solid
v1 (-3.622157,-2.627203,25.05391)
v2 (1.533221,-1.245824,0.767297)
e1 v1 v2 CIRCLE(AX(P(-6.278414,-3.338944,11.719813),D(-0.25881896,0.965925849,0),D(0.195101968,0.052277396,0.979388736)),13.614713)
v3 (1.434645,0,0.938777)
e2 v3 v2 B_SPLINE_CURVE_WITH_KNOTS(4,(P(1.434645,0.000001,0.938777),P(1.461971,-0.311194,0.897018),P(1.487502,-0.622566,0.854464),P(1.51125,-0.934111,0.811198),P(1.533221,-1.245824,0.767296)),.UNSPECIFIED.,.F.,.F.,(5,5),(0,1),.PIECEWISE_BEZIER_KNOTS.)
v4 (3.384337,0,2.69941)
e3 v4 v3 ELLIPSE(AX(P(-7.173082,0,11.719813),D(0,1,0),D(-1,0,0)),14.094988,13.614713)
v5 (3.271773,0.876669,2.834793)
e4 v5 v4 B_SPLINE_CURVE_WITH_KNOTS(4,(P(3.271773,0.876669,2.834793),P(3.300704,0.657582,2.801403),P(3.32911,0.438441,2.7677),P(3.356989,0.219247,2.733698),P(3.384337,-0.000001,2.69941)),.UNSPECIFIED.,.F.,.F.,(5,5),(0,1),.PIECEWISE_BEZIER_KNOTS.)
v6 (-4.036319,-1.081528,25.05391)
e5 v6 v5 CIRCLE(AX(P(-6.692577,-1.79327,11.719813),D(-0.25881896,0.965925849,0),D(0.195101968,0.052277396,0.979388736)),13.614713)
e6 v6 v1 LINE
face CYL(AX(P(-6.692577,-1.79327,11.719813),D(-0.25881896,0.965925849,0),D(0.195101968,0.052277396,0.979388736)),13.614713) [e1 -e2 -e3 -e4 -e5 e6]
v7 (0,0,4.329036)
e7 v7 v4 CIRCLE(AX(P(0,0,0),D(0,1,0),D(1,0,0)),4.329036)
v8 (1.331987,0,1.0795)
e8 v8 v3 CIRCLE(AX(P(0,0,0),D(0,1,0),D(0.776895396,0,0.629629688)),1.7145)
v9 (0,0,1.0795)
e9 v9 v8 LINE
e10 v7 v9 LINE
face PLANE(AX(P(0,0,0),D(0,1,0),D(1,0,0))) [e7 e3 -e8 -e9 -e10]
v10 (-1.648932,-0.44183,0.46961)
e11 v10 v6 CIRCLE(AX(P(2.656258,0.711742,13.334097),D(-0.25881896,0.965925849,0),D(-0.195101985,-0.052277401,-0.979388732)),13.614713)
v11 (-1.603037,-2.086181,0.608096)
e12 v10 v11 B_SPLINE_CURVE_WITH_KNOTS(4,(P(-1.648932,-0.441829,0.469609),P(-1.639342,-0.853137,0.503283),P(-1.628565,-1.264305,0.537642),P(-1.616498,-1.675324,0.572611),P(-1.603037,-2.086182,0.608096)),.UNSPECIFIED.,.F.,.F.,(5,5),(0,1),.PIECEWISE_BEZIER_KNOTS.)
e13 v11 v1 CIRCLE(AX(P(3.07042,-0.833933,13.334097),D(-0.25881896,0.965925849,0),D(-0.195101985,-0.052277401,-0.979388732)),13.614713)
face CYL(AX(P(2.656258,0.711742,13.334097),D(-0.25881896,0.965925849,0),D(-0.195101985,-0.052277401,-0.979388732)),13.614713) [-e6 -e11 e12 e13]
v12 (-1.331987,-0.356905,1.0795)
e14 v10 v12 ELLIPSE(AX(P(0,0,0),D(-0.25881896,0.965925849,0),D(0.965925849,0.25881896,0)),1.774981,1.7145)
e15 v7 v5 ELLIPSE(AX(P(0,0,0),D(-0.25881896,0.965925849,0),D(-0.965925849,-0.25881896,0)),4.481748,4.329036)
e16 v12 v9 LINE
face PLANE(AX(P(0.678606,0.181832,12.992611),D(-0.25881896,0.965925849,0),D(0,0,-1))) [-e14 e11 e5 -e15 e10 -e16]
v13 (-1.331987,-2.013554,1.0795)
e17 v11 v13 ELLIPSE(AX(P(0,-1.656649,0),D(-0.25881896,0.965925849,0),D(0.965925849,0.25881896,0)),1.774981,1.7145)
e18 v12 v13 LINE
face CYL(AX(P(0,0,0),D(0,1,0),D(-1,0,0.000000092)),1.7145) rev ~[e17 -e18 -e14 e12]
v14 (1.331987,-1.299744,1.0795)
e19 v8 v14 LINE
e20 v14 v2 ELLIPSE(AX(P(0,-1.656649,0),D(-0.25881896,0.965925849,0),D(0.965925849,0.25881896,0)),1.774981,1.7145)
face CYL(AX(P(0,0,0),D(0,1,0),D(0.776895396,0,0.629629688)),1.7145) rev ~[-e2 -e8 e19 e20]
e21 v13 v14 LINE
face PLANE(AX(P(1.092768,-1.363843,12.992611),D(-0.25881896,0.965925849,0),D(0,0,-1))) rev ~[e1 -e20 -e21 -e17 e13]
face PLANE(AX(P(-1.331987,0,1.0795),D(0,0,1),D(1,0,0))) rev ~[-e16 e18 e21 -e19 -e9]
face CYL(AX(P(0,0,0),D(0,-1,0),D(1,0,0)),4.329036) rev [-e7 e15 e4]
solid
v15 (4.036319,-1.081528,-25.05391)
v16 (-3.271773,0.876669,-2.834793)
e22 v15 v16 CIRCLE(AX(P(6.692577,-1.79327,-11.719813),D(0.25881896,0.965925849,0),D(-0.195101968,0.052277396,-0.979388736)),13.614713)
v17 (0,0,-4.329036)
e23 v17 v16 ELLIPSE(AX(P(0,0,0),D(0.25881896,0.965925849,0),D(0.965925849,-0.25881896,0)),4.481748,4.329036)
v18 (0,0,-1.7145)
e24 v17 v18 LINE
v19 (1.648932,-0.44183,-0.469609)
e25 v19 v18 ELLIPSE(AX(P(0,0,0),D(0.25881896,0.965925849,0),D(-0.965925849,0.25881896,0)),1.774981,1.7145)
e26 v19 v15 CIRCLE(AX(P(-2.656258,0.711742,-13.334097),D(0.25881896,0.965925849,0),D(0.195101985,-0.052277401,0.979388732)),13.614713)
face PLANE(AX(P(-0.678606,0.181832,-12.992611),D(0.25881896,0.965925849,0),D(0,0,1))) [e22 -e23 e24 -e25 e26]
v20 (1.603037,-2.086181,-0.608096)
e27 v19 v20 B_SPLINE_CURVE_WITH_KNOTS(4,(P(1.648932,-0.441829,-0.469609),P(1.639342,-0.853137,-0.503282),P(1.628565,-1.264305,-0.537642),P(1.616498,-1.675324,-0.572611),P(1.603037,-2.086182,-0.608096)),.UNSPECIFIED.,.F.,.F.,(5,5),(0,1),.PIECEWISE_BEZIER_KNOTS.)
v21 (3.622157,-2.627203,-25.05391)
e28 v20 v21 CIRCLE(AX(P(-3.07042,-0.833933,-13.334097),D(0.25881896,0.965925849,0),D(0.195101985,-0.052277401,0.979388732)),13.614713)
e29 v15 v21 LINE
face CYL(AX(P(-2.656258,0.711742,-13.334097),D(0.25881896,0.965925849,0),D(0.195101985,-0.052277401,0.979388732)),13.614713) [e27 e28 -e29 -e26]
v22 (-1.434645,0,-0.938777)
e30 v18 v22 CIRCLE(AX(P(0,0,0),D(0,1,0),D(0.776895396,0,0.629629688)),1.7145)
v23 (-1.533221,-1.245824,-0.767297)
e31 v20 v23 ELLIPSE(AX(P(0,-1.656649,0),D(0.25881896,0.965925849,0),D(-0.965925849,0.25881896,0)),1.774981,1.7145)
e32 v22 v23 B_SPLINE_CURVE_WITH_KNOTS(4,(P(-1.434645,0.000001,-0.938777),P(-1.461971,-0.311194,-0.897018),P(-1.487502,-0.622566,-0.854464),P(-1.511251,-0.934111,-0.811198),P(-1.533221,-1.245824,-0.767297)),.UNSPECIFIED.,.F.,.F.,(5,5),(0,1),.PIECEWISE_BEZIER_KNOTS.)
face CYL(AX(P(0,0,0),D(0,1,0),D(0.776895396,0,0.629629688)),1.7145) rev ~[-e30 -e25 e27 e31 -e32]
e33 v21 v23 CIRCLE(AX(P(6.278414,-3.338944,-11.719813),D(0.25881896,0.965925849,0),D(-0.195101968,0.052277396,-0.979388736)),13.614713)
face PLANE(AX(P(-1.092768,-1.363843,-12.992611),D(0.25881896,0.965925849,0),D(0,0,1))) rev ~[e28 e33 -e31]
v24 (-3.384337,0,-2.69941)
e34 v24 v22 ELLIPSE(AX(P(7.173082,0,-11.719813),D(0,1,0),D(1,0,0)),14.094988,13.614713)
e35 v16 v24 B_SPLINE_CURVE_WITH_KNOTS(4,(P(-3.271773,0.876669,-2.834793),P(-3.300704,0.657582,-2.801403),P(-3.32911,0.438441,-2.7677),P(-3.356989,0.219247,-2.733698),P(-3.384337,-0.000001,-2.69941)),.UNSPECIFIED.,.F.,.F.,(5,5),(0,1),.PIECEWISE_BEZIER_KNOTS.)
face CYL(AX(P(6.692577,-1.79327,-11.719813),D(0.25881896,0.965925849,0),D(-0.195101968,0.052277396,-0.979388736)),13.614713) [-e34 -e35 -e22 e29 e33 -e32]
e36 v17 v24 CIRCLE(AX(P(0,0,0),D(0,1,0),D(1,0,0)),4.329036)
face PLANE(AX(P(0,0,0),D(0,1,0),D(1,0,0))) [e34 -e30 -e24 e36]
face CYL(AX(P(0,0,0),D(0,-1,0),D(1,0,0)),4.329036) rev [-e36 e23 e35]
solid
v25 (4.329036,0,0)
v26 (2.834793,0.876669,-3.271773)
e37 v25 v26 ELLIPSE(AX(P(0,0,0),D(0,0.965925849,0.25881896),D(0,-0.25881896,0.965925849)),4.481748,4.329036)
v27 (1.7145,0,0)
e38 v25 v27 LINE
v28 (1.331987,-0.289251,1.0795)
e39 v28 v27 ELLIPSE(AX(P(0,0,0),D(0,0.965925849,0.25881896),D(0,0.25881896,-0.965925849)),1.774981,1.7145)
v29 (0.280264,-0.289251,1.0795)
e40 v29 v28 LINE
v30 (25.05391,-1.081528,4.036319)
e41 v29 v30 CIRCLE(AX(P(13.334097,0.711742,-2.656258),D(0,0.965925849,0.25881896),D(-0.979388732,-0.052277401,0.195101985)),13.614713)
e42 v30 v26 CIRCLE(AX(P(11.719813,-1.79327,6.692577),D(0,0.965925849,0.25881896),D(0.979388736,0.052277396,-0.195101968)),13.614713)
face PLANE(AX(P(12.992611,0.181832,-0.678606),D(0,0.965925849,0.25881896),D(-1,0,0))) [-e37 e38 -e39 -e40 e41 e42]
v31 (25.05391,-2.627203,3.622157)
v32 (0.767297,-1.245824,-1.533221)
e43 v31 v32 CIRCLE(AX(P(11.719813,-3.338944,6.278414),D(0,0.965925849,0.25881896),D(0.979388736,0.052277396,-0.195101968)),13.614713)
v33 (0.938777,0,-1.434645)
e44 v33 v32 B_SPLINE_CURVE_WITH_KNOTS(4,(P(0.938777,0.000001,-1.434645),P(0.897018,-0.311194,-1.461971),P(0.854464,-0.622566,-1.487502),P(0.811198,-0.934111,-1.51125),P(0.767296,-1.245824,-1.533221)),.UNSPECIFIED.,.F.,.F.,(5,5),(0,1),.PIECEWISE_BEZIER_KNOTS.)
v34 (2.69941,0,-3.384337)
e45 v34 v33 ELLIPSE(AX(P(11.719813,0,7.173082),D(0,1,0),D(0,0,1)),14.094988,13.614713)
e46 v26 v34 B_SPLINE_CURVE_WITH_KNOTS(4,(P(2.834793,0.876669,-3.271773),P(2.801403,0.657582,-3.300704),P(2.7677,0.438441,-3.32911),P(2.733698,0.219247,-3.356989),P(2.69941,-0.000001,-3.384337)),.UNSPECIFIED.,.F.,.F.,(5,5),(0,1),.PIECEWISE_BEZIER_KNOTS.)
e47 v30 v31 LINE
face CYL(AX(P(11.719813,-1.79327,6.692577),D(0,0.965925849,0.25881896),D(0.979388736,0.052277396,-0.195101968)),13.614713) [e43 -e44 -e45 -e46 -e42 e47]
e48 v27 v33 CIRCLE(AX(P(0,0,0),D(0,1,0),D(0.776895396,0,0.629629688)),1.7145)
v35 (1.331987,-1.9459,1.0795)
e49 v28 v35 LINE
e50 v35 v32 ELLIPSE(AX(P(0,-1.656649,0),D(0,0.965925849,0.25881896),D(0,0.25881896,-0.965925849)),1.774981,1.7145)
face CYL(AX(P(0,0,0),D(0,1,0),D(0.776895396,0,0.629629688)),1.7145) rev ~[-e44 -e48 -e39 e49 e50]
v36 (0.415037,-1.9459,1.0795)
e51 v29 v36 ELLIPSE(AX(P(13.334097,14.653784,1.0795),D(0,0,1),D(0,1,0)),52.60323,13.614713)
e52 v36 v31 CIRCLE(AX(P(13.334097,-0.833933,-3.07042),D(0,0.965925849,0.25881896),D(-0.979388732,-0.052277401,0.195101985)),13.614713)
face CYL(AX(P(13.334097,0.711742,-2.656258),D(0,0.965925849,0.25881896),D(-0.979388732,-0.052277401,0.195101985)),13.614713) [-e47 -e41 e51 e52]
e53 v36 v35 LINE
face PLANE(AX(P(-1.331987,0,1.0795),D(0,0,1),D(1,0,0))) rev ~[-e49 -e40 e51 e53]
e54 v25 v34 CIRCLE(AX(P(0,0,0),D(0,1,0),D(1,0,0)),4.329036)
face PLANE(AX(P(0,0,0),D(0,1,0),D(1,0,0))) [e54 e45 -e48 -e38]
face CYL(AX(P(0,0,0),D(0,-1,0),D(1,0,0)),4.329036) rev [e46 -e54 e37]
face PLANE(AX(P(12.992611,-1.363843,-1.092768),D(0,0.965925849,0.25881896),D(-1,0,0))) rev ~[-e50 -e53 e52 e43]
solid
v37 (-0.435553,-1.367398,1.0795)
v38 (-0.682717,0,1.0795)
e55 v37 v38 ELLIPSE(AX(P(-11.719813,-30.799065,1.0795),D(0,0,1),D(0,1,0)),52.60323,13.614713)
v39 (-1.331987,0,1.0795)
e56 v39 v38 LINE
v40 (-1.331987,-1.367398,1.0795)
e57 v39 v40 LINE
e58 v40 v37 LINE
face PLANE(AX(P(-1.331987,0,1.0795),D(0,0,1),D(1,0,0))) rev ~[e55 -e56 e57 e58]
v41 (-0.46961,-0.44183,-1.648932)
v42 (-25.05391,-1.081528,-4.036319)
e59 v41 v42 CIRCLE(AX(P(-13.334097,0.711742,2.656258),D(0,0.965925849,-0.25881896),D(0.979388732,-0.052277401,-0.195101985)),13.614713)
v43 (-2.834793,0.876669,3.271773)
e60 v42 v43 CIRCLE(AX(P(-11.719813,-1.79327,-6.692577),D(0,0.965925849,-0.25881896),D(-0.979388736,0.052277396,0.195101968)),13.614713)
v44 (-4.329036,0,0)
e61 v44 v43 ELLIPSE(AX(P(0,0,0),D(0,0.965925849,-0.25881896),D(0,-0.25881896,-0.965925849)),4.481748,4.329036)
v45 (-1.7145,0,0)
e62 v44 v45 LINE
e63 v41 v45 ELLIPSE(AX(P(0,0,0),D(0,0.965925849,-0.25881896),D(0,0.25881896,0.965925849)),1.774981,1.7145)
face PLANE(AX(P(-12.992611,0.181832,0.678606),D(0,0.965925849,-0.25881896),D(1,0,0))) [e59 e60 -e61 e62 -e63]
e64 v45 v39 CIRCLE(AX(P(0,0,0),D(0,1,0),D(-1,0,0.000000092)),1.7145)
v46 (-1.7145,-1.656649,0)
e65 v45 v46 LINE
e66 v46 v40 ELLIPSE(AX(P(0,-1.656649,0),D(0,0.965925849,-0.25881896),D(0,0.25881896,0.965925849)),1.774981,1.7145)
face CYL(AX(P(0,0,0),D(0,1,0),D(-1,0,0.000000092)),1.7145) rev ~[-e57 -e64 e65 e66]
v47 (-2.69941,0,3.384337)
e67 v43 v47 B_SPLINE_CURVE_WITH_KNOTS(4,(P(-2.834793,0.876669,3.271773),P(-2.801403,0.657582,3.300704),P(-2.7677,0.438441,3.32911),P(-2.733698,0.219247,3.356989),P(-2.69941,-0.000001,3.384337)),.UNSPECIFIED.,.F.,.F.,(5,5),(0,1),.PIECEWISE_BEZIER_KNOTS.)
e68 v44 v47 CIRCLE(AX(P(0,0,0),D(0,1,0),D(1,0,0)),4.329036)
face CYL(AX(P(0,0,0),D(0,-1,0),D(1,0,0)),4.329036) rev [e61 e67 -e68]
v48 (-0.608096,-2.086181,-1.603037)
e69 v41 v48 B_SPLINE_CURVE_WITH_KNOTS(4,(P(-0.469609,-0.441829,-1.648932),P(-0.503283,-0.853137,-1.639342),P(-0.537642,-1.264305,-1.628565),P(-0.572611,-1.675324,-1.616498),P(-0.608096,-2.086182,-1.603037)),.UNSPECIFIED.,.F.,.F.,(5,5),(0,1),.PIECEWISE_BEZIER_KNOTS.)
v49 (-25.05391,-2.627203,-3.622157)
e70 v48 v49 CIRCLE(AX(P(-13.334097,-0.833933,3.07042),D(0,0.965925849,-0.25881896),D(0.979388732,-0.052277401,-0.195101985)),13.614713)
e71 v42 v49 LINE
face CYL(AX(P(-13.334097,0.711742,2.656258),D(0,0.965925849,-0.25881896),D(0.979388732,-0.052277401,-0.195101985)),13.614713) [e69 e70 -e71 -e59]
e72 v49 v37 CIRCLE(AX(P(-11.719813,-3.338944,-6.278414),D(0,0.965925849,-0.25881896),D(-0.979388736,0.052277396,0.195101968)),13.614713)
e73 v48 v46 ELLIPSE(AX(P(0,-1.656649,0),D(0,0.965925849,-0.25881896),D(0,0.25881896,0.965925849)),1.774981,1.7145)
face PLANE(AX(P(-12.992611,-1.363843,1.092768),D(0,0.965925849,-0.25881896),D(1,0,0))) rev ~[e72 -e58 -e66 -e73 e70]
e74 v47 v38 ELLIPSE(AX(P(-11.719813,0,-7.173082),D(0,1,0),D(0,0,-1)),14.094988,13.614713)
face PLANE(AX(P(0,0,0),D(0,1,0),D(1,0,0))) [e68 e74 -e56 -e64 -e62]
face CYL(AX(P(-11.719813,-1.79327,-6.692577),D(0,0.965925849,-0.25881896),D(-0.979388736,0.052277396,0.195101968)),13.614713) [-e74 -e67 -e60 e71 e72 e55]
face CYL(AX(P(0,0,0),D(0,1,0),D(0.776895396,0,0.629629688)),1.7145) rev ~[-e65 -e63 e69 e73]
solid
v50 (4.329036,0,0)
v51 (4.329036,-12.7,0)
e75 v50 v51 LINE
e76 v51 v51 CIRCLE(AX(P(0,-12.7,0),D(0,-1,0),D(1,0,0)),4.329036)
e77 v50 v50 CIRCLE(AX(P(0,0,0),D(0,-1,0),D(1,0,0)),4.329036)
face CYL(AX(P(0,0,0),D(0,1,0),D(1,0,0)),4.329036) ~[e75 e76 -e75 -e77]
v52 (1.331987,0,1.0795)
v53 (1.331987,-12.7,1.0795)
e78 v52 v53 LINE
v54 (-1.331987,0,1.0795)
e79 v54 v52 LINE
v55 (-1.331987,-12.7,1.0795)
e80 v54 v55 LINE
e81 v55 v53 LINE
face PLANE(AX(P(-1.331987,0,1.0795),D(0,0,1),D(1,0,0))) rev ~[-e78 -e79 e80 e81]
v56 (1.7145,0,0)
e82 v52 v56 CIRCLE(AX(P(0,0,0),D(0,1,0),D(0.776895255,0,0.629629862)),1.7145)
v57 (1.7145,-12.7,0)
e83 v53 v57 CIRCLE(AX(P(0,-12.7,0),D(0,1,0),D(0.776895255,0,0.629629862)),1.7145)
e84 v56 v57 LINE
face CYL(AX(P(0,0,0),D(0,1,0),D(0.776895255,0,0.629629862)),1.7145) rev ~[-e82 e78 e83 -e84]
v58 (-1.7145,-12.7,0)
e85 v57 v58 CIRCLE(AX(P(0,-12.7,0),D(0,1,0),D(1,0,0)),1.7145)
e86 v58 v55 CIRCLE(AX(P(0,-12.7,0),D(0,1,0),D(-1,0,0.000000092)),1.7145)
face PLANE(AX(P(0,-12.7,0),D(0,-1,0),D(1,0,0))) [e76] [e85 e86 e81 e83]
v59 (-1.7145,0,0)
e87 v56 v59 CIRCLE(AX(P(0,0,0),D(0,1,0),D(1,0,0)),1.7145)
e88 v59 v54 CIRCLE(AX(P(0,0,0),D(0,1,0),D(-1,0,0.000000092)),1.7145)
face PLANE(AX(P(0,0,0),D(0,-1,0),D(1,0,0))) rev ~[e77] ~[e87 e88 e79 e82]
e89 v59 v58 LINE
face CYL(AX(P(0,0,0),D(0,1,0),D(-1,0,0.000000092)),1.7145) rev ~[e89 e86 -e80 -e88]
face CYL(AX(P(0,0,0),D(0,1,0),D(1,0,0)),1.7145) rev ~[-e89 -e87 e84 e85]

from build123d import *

# Parameters (mm, degrees)
F0_R      = 4.329036
F1_DEPTH  = 12.7
F5_DEPTH  = 1.6002
F6_COUNT  = 4
F8_DEPTH  = 25.4
F1_FACE_R = 4.329036
F9_DEPTH  = 25.4
F11_DEPTH = 25.4


with BuildPart() as f1:
    # F0 (on Front) → F1 (new body)
    with BuildSketch(Plane.XZ):
        Circle(F0_R)
        with BuildLine():
            ThreePointArc((-1.7145, 0), (-1.616045, 0.572633), (-1.331987, 1.0795))
            Line((-1.331987, 1.0795), (1.331987, 1.0795))
            ThreePointArc((1.331987, 1.0795), (1.616045, 0.572633), (1.7145, 0))
            ThreePointArc((1.7145, 0), (0, -1.7145), (-1.7145, 0))
        make_face(mode=Mode.SUBTRACT)
    extrude(amount=F1_DEPTH)


with BuildPart() as f5:
    # F4 (on face) → F5 (new body)
    with BuildSketch(Plane(origin=(0, 0, 0), x_dir=(-1, 0, 0), z_dir=(0, 0.965926, 0.258819))):
        with BuildLine():
            ThreePointArc((-25.05391, 4.178705), (-13.959651, -6.50054), (0, 0))
            Line((0, 0), (-25.05391, 4.178705))
        make_face()
        with BuildLine():
            Line((-25.05391, 4.178705), (0, 0))
            ThreePointArc((0, 0), (-11.09426, 10.679245), (-25.05391, 4.178705))
        make_face()
    extrude(amount=-F5_DEPTH)


with BuildPart() as f6_1:
    # F6: instance of F5
    add(f5.part.rotate(Axis((0, 0, 0), (0, 1, 0)), 1 * 360 / F6_COUNT))


with BuildPart() as f6_2:
    # F6: instance of F5
    add(f5.part.rotate(Axis((0, 0, 0), (0, 1, 0)), 2 * 360 / F6_COUNT))


with BuildPart() as f6_3:
    # F6: instance of F5
    add(f5.part.rotate(Axis((0, 0, 0), (0, 1, 0)), 3 * 360 / F6_COUNT))


with BuildPart() as f8_tool:
    # F7 (on face) → F8 (new body)
    with BuildSketch(Plane(origin=(0, 0, 0), x_dir=(-1, 0, 0), z_dir=(0, 1, 0))):
        with BuildLine():
            ThreePointArc((-1.331987, 1.0795), (-0.572633, -1.616045), (1.7145, 0))
            ThreePointArc((1.7145, 0), (1.616045, 0.572633), (1.331987, 1.0795))
            Line((1.331987, 1.0795), (-1.331987, 1.0795))
        make_face()
    extrude(amount=-F8_DEPTH)


with BuildPart() as f5_1:
    add(f5.part)

    # F8: cut by f8_tool
    add(f8_tool.part, mode=Mode.SUBTRACT)


with BuildPart() as f6_1_1:
    add(f6_1.part)

    # F8: cut by f8_tool
    add(f8_tool.part, mode=Mode.SUBTRACT)


with BuildPart() as f6_2_1:
    add(f6_2.part)

    # F8: cut by f8_tool
    add(f8_tool.part, mode=Mode.SUBTRACT)


with BuildPart() as f6_3_1:
    add(f6_3.part)

    # F8: cut by f8_tool
    add(f8_tool.part, mode=Mode.SUBTRACT)


with BuildPart() as f9_tool:
    # F1_face (on face) → F9 (new body)
    with BuildSketch(Plane(origin=(0, 0, 0.031002), x_dir=(1, 0, 0), z_dir=(0, 1, 0))):
        with Locations((0, 0.031002)):
            Circle(F1_FACE_R)
        with BuildLine():
            ThreePointArc((-1.7145, 0.031002), (0.572633, 1.647047), (1.331987, -1.048498))
            Line((1.331987, -1.048498), (-1.331987, -1.048498))
            ThreePointArc((-1.331987, -1.048498), (-1.616045, -0.541631), (-1.7145, 0.031002))
        make_face(mode=Mode.SUBTRACT)
    extrude(amount=F9_DEPTH)


with BuildPart() as f5_2:
    add(f5_1.part)

    # F9: cut by f9_tool
    add(f9_tool.part, mode=Mode.SUBTRACT)


with BuildPart() as f6_1_2:
    add(f6_1_1.part)

    # F9: cut by f9_tool
    add(f9_tool.part, mode=Mode.SUBTRACT)


with BuildPart() as f6_2_2:
    add(f6_2_1.part)

    # F9: cut by f9_tool
    add(f9_tool.part, mode=Mode.SUBTRACT)


with BuildPart() as f6_3_2:
    add(f6_3_1.part)

    # F9: cut by f9_tool
    add(f9_tool.part, mode=Mode.SUBTRACT)


with BuildPart() as f11_tool:
    # F10 (on face) → F11 (new body)
    with BuildSketch(Plane(origin=(0, 0, 0), x_dir=(-1, 0, 0), z_dir=(0, 1, 0))):
        with BuildLine():
            ThreePointArc((-1.331987, 1.0795), (-0.572633, -1.616045), (1.7145, 0))
            ThreePointArc((1.7145, 0), (1.616045, 0.572633), (1.331987, 1.0795))
            Line((1.331987, 1.0795), (-1.331987, 1.0795))
        make_face()
    extrude(amount=F11_DEPTH)


with BuildPart() as f5_3:
    add(f5_2.part)

    # F11: cut by f11_tool
    add(f11_tool.part, mode=Mode.SUBTRACT)


with BuildPart() as f6_1_3:
    add(f6_1_2.part)

    # F11: cut by f11_tool
    add(f11_tool.part, mode=Mode.SUBTRACT)


with BuildPart() as f6_2_3:
    add(f6_2_2.part)

    # F11: cut by f11_tool
    add(f11_tool.part, mode=Mode.SUBTRACT)


with BuildPart() as f6_3_3:
    add(f6_3_2.part)

    # F11: cut by f11_tool
    add(f11_tool.part, mode=Mode.SUBTRACT)


solid = Compound([f1.part, f5_3.part, f6_1_3.part, f6_2_3.part, f6_3_3.part])
